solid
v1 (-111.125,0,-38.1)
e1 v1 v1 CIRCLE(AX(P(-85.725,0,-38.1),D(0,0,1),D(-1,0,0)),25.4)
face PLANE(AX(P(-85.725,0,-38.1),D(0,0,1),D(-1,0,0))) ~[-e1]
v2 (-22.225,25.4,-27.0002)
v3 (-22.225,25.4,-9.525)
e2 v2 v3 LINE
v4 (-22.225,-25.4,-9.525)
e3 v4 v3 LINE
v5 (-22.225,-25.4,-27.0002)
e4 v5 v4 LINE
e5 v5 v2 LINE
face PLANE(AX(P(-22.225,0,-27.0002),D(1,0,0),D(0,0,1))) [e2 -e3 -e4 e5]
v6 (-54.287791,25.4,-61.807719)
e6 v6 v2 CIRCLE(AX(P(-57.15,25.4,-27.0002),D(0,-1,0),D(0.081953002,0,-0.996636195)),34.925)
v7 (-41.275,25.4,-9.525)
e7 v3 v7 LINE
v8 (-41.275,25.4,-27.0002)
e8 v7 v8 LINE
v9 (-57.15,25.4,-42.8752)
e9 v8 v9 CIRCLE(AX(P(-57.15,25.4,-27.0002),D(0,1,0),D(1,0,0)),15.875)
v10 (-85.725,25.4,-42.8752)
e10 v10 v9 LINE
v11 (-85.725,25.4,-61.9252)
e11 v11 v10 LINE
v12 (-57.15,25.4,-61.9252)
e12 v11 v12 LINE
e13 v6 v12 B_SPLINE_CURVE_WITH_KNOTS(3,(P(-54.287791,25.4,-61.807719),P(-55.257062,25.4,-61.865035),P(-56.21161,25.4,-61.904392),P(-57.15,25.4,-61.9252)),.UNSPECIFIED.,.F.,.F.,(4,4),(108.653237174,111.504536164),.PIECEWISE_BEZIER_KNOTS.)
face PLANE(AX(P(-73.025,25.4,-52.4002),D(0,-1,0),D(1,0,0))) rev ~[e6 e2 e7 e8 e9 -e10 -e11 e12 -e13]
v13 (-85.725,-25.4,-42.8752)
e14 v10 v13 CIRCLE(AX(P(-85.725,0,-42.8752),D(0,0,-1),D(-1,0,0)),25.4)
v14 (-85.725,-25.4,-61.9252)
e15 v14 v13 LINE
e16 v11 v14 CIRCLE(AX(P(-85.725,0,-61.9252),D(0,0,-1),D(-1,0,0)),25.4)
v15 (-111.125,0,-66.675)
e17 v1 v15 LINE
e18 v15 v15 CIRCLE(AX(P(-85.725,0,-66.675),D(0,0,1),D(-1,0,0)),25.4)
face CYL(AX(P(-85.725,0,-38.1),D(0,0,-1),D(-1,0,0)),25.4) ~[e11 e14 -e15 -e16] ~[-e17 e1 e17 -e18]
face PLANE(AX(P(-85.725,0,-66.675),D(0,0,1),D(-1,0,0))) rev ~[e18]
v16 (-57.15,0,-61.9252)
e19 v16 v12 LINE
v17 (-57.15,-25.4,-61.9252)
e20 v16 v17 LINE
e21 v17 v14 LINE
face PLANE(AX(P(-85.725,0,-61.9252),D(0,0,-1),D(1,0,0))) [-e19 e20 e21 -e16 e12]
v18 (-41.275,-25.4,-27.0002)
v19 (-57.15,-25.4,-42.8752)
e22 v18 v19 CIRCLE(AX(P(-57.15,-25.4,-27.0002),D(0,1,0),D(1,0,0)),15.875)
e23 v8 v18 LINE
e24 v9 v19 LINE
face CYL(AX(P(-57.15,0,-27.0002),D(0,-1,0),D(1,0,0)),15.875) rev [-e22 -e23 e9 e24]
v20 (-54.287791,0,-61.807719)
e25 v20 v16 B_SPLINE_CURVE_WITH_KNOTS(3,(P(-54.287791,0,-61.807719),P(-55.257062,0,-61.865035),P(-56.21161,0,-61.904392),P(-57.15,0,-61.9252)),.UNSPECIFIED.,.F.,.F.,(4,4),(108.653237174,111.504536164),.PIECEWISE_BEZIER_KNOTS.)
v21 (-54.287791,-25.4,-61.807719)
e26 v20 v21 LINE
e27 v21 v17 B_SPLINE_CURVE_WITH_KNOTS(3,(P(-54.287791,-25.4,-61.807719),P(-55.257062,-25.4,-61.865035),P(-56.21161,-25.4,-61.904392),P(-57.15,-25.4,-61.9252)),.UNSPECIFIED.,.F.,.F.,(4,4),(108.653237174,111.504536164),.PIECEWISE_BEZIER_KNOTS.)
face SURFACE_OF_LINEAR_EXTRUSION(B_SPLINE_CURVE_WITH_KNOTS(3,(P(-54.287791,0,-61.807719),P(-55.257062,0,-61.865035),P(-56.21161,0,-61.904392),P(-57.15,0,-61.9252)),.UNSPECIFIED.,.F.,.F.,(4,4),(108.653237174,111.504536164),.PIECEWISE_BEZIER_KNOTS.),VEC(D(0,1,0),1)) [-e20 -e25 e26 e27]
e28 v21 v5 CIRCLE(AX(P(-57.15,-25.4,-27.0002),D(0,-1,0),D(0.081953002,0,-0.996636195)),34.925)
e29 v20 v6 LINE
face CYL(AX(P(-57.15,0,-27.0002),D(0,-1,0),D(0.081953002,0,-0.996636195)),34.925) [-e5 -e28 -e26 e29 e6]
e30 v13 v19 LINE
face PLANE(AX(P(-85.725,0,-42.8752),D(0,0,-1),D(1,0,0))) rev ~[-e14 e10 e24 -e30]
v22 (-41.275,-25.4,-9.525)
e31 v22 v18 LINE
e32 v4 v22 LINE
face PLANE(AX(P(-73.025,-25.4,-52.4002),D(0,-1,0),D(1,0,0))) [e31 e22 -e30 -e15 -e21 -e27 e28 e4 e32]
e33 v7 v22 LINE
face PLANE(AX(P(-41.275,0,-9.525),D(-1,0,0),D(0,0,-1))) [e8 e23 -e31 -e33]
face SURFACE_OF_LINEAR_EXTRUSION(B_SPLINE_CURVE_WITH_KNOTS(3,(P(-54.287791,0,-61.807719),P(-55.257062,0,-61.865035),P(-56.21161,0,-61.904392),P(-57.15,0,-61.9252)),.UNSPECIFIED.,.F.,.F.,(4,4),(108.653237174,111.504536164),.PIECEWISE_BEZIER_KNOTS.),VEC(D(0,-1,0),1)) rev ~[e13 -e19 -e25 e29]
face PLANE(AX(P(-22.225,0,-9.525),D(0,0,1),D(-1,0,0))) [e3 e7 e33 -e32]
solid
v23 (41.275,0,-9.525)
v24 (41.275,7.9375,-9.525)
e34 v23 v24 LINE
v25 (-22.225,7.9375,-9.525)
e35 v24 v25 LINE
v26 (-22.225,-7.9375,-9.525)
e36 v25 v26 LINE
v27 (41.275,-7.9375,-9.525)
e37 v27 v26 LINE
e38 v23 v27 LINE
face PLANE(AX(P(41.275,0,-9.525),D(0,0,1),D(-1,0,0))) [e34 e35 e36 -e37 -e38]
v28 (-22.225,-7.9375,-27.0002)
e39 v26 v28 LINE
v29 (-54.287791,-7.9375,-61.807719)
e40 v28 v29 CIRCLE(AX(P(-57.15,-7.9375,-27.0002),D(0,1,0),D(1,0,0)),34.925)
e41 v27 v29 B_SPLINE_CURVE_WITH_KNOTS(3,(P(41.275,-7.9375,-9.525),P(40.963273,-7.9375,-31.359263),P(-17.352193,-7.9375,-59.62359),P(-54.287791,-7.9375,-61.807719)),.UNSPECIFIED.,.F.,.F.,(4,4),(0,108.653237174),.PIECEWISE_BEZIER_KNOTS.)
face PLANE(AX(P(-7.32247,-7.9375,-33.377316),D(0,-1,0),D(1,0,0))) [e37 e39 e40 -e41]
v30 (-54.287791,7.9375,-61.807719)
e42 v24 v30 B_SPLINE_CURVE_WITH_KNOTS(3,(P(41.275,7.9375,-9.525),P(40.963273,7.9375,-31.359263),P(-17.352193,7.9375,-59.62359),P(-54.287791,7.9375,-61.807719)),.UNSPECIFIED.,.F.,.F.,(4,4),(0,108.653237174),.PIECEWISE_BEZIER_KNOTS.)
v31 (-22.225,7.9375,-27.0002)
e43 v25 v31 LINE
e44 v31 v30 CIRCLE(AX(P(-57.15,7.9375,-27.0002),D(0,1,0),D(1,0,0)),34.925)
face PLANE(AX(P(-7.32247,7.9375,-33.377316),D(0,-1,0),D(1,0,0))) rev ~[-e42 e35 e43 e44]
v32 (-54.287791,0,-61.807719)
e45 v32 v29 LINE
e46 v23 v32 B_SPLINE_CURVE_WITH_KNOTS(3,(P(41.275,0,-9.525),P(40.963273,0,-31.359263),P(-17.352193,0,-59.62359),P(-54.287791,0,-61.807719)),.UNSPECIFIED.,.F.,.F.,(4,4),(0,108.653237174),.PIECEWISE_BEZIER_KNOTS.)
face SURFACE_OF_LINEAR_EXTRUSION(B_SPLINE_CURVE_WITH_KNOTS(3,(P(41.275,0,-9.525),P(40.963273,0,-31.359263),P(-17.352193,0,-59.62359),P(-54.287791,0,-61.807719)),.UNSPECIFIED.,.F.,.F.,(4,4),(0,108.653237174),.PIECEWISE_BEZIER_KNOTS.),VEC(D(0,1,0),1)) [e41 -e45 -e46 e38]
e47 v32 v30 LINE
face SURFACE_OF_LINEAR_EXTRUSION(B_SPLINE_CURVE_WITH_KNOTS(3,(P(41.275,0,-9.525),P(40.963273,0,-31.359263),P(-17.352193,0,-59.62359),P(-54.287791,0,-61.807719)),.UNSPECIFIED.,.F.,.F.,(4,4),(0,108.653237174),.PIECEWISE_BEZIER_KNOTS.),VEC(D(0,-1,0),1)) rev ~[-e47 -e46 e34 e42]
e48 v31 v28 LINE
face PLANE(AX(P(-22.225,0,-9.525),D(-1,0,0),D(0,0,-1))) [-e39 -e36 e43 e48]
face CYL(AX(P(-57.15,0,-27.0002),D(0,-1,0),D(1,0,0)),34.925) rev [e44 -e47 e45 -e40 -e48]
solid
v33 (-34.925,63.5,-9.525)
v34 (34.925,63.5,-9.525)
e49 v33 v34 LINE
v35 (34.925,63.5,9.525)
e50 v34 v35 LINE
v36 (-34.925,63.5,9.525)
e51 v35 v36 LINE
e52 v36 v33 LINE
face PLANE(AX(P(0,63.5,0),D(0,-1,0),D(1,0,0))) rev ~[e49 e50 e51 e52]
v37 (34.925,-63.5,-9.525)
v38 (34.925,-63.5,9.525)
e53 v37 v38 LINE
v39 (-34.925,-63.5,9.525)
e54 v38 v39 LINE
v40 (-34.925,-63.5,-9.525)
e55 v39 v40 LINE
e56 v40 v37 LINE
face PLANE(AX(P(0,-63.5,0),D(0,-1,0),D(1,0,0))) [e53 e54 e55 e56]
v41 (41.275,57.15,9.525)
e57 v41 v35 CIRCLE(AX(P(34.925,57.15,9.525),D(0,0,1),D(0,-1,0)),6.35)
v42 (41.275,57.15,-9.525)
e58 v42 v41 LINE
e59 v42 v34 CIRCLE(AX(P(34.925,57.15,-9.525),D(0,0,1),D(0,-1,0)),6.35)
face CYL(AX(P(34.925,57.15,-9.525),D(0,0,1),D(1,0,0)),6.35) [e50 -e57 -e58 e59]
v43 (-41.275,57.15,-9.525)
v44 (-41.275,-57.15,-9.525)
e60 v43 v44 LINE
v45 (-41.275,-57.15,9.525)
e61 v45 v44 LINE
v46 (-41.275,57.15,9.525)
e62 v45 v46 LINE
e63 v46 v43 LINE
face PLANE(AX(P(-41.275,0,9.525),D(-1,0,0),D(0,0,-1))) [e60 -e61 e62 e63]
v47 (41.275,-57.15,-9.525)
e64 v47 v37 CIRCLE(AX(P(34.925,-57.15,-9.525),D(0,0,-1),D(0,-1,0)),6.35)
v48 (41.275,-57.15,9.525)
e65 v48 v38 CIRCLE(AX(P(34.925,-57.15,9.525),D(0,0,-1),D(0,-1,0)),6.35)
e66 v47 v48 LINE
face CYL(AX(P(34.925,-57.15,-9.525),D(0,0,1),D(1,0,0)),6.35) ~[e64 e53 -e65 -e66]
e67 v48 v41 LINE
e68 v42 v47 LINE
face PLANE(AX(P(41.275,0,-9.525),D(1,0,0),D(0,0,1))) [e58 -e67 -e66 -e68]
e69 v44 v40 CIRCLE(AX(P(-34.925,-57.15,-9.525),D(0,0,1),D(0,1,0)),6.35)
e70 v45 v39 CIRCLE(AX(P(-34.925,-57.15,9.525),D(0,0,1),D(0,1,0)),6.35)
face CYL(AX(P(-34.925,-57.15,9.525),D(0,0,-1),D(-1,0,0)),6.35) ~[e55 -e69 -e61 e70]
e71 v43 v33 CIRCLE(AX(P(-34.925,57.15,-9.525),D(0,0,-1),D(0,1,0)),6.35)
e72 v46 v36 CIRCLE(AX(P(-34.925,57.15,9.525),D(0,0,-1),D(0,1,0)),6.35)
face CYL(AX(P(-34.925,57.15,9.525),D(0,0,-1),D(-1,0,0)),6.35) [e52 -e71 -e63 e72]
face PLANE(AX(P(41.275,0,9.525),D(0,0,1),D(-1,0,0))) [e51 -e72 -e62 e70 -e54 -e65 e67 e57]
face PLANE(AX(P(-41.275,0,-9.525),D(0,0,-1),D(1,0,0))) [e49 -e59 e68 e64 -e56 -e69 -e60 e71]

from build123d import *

# Parameters (mm, degrees)
F1_DEPTH = 63.5
F2_DEPTH = 25.4
F0_W     = 25.4
F0_H     = 19.05
F3_DEPTH = 25.4
F4_DEPTH = 7.9375
F6_R     = 6.35


with BuildPart() as f1:
    # F0 (on Front) → F1 (new body, symmetric)
    with BuildSketch(Plane.XZ):
        Polygon((-41.275, 9.525), (-41.275, -9.525), (-22.225, -9.525), (41.275, -9.525), (41.275, 9.525), align=None)
    extrude(amount=F1_DEPTH, both=True)

    # F6
    f6_edges = [f1.edges().sort_by_distance(p)[0] for p in [
        (41.275, -63.5, 0),
        (-41.275, -63.5, 0),
        (-41.275, 63.5, 0),
        (41.275, 63.5, 0),
    ]]
    fillet(f6_edges, radius=F6_R)


with BuildPart() as f2:
    # F0 (on Front) → F2 (new body, symmetric)
    with BuildSketch(Plane.XZ):
        with BuildLine():
            Line((-22.225, -9.525), (-41.275, -9.525))
            Line((-41.275, -9.525), (-41.275, -27.0002))
            ThreePointArc((-41.275, -27.0002), (-45.9246798487, -38.2255201513), (-57.15, -42.8752))
            Line((-57.15, -42.8752), (-60.325, -42.8752))
            Line((-60.325, -42.8752), (-60.325, -61.9252))
            Line((-60.325, -61.9252), (-57.15, -61.9252))
            add(Edge.make_bspline(
                [(-54.2877913944, -61.8077191144), (-55.2570624303, -61.8650354443), (-56.2116101658, -61.9043915786), (-57.15, -61.9252)],
                knots=[108.6532371743, 108.6532371743, 108.6532371743, 108.6532371743, 111.5045361635, 111.5045361635, 111.5045361635, 111.5045361635], degree=3))
            ThreePointArc((-54.2877913944, -61.8077191144), (-31.4622766623, -50.6623320832), (-22.225, -27.0002))
            Line((-22.225, -27.0002), (-22.225, -9.525))
        make_face()
    extrude(amount=F2_DEPTH, both=True)

    # F0 (on Front) → F3 (join, symmetric)
    with BuildSketch(Plane.XZ):
        with Locations((-73.025, -52.4002)):
            Rectangle(F0_W, F0_H)
    extrude(amount=F3_DEPTH, both=True)

    # F0 (on Front) → F5 (revolve)
    with BuildSketch(Plane.XZ):
        Polygon((-85.725, -61.9252), (-85.725, -42.8752), (-85.725, -38.1), (-111.125, -38.1), (-111.125, -66.675), (-85.725, -66.675), align=None)
    revolve(axis=Axis((-85.725, 0, -52.3875), (0, 0, 1)))


with BuildPart() as f4:
    # F0 (on Front) → F4 (new body, symmetric)
    with BuildSketch(Plane.XZ):
        with BuildLine():
            Line((41.275, -9.525), (-22.225, -9.525))
            Line((-22.225, -9.525), (-22.225, -27.0002))
            ThreePointArc((-22.225, -27.0002), (-31.4622766623, -50.6623320832), (-54.2877913944, -61.8077191144))
            add(Edge.make_bspline(
                [(41.275, -9.525), (40.9632731534, -31.3592633093), (-17.3521925131, -59.6235901224), (-54.2877913944, -61.8077191144)],
                knots=[0, 0, 0, 0, 108.6532371743, 108.6532371743, 108.6532371743, 108.6532371743], degree=3))
        make_face()
    extrude(amount=F4_DEPTH, both=True)


solid = Compound([f1.part, f2.part, f4.part])
